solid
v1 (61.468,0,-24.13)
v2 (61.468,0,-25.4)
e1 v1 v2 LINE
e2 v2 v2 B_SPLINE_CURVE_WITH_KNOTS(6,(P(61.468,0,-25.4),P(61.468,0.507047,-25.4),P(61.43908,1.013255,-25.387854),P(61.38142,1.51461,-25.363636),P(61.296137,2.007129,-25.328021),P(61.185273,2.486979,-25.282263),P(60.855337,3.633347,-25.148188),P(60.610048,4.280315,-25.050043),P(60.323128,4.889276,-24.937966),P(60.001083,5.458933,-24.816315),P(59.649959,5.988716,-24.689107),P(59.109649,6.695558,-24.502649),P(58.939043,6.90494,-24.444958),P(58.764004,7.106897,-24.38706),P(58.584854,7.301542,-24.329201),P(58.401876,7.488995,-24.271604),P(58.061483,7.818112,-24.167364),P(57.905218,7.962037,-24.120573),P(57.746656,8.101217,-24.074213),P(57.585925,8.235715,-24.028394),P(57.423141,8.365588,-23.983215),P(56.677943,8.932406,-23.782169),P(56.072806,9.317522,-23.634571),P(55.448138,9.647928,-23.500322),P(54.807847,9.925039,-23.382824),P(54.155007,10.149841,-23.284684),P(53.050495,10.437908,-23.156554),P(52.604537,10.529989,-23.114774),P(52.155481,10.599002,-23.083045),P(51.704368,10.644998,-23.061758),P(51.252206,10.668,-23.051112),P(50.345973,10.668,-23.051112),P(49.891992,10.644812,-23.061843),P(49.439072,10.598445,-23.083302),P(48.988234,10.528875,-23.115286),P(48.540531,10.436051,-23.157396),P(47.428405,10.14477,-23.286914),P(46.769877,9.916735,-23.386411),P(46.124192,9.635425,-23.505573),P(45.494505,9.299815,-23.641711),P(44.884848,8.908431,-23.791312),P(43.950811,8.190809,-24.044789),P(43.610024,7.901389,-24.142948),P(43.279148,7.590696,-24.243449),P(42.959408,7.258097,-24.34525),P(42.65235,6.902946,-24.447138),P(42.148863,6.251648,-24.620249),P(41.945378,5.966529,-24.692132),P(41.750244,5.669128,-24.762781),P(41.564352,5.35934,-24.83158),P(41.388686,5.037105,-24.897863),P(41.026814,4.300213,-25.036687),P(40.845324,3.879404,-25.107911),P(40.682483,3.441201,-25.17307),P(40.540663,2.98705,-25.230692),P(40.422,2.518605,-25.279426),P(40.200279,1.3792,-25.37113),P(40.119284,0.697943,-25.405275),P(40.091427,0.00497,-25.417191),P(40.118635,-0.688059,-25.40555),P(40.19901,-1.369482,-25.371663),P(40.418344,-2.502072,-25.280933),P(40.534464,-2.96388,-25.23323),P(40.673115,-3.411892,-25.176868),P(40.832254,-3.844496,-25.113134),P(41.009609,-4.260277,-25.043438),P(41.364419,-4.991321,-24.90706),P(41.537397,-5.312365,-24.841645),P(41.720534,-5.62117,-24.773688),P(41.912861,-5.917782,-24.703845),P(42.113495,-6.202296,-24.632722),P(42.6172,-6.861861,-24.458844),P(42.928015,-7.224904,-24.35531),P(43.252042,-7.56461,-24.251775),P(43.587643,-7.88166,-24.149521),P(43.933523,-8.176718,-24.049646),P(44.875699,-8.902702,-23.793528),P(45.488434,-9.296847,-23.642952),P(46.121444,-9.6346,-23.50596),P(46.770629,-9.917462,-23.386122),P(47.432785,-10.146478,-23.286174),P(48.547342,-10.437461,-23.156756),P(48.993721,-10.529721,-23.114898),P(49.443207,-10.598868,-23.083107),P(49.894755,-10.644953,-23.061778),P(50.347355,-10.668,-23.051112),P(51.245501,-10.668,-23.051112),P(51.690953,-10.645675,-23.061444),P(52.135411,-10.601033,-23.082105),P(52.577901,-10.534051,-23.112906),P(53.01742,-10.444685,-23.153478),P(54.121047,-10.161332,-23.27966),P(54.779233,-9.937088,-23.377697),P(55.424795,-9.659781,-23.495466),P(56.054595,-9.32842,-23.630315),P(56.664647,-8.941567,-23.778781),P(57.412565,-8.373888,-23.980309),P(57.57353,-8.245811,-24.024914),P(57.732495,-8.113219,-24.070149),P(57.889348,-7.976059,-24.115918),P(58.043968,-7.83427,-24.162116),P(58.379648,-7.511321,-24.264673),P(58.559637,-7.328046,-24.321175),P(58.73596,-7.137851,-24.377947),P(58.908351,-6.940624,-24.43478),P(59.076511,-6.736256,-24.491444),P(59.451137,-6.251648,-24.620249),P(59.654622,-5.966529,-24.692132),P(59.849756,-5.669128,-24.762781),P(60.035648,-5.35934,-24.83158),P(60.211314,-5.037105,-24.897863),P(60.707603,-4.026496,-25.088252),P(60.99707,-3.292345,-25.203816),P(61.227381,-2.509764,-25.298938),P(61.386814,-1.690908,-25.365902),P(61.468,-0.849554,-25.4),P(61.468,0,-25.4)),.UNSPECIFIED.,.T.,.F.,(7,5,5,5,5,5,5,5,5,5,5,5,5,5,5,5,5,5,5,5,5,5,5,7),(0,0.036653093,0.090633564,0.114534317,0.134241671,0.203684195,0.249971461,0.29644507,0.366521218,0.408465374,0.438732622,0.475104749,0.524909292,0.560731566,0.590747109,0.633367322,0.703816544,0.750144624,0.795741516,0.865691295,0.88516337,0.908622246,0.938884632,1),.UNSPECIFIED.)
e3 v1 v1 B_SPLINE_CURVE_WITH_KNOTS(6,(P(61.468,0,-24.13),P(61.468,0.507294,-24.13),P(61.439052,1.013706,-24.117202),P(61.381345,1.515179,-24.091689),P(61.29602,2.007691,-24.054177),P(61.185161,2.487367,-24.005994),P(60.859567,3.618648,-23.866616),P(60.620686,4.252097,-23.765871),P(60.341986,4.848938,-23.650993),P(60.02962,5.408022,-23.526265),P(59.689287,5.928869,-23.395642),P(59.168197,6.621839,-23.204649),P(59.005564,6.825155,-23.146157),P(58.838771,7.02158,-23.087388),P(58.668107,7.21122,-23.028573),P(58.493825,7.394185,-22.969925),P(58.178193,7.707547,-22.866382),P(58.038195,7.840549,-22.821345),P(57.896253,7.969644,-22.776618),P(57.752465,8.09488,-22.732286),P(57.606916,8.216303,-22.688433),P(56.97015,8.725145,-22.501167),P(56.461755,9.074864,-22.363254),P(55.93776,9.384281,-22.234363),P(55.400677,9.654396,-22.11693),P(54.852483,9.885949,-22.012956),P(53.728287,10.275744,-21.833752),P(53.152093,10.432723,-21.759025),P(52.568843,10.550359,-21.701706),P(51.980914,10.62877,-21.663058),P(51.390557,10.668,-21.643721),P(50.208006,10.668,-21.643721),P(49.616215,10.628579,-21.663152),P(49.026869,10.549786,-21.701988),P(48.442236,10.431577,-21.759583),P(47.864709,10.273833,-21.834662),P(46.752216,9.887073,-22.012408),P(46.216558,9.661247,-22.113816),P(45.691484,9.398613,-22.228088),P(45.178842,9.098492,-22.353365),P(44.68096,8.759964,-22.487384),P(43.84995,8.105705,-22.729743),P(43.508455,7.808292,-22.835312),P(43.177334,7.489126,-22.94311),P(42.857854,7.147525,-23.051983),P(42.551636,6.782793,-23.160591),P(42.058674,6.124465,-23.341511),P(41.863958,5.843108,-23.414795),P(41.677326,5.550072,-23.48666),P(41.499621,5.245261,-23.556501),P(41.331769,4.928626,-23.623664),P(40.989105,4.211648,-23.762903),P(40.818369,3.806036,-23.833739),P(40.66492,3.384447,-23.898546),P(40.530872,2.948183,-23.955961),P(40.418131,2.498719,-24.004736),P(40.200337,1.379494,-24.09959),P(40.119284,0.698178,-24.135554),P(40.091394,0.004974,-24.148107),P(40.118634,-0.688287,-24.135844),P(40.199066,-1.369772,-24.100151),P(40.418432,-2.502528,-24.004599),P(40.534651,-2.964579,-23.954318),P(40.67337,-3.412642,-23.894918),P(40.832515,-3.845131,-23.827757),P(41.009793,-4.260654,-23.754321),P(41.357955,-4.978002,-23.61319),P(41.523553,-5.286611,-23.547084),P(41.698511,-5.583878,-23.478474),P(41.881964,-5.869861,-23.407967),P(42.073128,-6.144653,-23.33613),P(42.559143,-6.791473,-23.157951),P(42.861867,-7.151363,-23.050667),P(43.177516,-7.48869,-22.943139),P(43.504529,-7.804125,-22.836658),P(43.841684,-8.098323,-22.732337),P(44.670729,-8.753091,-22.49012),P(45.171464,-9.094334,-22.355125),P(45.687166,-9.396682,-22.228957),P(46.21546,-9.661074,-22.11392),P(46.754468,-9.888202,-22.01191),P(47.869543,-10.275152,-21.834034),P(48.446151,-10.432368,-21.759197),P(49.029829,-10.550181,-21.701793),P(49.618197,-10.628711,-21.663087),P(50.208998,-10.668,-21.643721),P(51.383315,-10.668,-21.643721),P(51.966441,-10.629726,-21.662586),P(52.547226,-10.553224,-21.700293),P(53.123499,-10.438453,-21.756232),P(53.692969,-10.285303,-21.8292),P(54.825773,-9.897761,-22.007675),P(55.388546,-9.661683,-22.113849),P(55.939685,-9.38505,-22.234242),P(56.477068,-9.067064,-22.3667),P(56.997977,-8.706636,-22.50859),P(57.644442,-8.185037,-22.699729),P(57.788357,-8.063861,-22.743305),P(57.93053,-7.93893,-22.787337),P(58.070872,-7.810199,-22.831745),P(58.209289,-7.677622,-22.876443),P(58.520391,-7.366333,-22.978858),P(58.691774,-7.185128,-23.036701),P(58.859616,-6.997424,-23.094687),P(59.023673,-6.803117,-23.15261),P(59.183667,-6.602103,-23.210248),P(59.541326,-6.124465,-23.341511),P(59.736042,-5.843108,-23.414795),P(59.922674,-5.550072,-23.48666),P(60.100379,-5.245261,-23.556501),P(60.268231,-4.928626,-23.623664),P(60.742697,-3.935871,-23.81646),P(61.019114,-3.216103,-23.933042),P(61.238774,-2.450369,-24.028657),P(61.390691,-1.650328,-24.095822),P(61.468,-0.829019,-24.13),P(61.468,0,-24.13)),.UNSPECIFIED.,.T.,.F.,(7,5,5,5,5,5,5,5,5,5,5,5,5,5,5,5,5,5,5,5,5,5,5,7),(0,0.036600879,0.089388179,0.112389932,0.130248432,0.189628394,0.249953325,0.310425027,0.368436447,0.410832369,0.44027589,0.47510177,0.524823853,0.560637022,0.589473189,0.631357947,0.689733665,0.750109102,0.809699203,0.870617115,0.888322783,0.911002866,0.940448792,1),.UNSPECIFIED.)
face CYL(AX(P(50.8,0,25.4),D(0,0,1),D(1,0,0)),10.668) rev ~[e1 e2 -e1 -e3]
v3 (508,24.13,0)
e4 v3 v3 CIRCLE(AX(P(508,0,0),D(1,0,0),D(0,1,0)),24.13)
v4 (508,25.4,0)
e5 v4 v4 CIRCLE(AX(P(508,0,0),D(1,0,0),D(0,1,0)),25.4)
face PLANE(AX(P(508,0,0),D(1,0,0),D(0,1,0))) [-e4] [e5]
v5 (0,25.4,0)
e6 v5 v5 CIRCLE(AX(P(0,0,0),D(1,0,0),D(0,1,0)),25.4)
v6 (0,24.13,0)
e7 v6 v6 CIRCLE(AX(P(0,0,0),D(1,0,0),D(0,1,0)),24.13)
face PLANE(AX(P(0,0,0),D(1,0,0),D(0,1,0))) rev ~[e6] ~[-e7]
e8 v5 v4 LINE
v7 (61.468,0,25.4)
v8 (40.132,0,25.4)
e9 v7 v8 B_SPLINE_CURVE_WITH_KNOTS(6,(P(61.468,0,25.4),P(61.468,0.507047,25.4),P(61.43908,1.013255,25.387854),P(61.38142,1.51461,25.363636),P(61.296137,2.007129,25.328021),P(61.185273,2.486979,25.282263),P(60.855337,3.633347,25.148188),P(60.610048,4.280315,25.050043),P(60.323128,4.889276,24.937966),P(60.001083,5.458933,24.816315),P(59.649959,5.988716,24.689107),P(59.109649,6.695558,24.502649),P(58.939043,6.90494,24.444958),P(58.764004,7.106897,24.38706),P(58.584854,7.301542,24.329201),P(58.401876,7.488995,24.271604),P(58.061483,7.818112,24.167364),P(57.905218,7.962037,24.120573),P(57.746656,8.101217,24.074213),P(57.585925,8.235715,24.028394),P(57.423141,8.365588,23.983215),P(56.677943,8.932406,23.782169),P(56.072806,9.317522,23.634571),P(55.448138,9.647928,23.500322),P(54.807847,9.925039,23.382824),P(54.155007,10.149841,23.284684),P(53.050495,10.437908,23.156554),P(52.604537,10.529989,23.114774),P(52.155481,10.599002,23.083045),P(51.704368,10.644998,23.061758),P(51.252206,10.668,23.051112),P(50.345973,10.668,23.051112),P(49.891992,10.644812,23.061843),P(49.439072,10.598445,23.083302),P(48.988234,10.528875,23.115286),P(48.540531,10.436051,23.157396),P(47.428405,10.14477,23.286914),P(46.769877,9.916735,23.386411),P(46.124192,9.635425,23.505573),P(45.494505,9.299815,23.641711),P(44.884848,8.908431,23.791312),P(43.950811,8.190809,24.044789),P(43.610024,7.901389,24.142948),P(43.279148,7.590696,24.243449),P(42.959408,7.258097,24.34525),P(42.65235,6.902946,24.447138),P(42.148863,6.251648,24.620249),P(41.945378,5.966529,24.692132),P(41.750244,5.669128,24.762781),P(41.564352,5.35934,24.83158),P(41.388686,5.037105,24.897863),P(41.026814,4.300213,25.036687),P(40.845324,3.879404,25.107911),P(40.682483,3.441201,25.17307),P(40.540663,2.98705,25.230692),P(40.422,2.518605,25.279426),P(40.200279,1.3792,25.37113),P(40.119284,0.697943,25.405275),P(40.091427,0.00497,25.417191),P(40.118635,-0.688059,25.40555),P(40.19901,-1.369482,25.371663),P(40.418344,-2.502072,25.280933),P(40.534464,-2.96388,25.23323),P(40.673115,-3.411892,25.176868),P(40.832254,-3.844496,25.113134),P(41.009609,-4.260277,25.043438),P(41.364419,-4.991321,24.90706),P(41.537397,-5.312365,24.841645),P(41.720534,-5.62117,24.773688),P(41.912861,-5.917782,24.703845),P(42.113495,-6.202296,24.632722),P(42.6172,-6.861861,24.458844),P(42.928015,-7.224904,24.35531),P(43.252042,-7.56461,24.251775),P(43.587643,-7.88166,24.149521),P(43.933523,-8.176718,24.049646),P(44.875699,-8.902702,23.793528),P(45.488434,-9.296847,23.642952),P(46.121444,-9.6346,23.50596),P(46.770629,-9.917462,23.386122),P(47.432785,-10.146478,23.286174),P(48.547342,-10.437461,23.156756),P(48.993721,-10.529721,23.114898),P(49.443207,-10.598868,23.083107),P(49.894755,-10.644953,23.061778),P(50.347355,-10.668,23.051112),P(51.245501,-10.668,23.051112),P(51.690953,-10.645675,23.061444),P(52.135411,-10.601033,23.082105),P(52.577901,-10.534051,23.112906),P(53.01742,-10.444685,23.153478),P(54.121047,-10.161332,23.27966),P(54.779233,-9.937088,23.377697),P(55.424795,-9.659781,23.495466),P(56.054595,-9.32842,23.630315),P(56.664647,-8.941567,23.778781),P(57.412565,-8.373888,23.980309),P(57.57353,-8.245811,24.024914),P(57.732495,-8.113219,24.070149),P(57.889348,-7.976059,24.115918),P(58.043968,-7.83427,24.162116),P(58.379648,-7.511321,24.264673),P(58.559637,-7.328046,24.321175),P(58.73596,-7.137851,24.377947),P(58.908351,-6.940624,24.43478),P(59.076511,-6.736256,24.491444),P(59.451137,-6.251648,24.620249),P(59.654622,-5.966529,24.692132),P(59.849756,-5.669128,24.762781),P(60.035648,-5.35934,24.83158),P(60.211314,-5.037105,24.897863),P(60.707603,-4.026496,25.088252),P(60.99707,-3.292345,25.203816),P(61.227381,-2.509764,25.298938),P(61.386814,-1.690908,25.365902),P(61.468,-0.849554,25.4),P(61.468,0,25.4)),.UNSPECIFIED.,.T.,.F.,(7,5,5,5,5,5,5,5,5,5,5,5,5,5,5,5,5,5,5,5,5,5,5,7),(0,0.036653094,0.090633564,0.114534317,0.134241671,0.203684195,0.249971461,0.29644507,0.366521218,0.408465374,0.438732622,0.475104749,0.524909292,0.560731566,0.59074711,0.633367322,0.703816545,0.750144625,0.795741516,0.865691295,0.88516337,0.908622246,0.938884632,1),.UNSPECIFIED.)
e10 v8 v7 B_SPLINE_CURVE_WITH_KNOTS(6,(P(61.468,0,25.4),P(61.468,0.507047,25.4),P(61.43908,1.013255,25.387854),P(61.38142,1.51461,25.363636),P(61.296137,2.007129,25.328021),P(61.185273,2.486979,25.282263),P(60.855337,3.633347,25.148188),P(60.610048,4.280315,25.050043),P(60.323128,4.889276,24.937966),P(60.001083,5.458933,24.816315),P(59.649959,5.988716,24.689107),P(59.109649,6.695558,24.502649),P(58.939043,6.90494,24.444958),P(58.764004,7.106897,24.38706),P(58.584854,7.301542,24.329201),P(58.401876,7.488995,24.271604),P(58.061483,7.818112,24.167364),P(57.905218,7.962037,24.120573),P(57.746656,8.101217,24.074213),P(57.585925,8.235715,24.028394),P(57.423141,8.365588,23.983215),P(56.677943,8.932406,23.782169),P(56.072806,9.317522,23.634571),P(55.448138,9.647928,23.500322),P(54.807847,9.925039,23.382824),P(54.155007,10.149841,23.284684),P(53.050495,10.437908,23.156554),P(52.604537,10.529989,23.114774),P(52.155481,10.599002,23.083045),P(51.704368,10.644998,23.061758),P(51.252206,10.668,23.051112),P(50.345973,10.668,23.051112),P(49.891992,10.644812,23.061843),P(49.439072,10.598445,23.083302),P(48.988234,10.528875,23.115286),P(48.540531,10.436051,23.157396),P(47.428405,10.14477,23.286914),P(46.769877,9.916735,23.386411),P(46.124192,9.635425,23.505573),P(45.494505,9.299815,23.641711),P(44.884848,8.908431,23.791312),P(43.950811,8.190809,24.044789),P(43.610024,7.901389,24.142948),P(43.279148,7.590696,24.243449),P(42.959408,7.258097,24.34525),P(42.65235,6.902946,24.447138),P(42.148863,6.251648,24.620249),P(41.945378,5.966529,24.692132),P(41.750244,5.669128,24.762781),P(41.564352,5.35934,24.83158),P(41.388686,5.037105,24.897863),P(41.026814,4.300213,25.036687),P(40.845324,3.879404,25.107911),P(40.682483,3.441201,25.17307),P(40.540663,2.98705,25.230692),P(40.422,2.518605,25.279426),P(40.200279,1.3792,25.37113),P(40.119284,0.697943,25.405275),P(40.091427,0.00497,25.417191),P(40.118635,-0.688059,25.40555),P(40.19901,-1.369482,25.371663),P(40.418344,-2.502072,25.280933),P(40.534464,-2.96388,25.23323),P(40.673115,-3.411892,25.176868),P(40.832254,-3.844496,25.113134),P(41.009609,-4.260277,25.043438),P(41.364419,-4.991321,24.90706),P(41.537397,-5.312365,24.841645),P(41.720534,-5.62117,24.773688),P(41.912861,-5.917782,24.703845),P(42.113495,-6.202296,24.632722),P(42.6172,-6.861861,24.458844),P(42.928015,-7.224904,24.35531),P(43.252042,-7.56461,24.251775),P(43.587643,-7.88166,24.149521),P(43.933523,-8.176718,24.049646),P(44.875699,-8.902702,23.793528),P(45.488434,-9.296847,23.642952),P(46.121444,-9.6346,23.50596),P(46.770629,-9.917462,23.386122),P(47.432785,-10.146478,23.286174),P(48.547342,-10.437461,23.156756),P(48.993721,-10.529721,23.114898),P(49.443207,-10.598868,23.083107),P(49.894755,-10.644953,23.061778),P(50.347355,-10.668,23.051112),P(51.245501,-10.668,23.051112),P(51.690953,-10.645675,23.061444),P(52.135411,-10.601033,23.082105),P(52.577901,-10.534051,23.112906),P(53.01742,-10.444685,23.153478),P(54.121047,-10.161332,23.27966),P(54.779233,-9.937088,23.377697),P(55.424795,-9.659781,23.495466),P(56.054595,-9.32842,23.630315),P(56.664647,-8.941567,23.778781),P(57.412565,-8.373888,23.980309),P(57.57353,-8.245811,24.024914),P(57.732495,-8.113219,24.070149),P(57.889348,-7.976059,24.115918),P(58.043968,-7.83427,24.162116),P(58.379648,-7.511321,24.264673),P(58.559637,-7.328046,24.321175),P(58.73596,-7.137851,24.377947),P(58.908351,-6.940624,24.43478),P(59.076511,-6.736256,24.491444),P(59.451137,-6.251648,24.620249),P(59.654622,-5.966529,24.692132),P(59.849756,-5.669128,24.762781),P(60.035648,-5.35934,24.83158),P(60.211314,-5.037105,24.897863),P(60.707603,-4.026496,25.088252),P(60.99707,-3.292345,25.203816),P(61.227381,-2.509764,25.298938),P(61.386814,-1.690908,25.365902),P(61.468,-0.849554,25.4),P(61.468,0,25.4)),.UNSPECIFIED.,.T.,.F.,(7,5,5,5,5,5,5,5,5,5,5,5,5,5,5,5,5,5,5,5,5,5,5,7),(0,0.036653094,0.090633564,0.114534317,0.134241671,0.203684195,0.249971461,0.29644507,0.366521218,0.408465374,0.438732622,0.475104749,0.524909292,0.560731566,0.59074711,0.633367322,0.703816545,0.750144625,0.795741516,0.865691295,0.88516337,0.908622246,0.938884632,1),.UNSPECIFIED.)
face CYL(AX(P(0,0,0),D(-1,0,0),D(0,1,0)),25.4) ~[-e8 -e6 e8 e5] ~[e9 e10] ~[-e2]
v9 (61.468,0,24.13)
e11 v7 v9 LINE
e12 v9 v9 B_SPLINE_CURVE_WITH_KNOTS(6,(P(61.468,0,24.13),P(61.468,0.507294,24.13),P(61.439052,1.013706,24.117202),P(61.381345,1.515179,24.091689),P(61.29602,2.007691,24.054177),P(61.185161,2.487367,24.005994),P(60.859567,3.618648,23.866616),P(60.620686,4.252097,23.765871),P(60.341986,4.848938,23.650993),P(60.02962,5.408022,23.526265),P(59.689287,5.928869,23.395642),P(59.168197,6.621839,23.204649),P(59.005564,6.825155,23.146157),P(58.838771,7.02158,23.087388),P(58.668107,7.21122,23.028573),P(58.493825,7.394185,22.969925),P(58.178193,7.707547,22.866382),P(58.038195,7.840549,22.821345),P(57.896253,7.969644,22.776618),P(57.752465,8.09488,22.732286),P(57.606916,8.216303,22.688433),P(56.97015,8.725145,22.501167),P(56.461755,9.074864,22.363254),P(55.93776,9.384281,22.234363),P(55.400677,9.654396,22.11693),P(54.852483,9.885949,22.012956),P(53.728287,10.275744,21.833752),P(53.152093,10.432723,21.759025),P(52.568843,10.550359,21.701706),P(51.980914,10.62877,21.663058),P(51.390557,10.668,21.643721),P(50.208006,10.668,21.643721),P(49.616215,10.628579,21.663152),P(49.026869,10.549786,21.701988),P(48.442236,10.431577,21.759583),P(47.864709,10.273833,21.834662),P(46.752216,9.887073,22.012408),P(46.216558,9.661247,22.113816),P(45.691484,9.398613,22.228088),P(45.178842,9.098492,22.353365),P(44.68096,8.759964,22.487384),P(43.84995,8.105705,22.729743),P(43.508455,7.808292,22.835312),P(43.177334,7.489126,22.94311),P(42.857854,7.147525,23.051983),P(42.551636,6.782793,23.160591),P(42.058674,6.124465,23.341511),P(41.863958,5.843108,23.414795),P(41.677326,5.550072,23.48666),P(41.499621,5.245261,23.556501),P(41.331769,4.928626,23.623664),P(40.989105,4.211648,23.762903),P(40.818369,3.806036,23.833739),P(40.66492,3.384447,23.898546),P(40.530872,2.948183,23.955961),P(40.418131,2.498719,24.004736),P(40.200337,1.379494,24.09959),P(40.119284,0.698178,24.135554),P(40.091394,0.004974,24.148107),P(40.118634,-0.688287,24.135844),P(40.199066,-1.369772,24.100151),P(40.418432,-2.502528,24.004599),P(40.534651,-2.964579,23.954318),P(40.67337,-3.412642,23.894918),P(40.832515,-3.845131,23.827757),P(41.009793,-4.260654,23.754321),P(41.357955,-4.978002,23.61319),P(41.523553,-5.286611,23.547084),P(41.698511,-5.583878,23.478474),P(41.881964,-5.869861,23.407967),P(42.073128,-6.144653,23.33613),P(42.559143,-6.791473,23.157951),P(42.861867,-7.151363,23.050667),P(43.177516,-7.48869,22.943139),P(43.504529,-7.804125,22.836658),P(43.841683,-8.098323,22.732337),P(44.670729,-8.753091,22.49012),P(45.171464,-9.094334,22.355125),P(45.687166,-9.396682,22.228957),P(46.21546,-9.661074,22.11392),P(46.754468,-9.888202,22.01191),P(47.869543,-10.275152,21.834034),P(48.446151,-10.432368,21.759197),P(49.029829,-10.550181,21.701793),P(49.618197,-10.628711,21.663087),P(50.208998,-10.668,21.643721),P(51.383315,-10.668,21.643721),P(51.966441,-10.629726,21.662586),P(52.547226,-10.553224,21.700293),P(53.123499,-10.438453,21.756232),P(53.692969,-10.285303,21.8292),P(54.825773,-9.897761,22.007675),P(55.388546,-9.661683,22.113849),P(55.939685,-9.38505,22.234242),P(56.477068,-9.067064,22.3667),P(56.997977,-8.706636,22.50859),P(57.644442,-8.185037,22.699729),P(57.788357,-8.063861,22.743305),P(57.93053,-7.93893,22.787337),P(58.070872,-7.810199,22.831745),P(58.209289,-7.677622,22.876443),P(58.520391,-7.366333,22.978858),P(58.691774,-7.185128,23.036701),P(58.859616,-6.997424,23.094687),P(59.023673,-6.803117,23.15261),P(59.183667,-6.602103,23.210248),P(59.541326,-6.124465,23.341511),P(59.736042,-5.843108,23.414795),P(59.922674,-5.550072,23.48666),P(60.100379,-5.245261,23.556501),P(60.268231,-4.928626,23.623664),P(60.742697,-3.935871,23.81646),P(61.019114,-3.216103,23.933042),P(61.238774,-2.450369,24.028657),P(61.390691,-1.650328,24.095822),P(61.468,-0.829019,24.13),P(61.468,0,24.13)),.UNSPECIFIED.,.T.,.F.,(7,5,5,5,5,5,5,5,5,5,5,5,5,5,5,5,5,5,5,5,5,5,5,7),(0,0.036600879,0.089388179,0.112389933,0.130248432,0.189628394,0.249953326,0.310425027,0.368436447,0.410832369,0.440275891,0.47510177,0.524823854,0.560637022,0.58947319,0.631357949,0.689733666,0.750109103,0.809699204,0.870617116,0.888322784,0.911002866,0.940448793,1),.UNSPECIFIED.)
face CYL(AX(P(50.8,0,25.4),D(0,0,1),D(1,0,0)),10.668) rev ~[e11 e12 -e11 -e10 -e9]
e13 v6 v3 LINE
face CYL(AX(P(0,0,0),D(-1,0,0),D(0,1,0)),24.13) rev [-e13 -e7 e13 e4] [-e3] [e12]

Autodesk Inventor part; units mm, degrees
ref_plane "YZ Plane" through (0, 0, 0) normal (1, 0, 0) x (0, 1, 0)
ref_plane "XZ Plane" through (0, 0, 0) normal (0, 1, 0) x (-1, 0, 0)
sketch "Sketch3" plane through (0, 0, 0) normal (1, 0, 0) x (0, 1, 0)
  circle A0 centre (0, 0) radius 24.13
  circle A1 centre (0, 0) radius 25.4
  dimension "d10" = 50.8
  dimension "d11" = 48.26
extrude "Extrusion3" add sketch "Sketch3" along normal blind 508
ref_plane "Work Plane1" through (0, 0, 25.4) normal (0, 0, 1) x (1, 0, 0)
sketch "Sketch5" plane through (0, 0, 25.4) normal (0, 0, 1) x (1, 0, 0)
  circle A0 centre (50.8, 0) radius 10.668
  line L0 (0, 25.4) -> (0, -25.4) projected
  point P0 (0, 0)
  dimension "d25" = 21.336
  dimension "d26" = 50.8
extrude "Extrusion5" cut sketch "Sketch5" against normal through all
equation "\"d10\" = cArmOutsideDiam"
equation "\"d11\" = cArmInsideDiam"
equation "\"d12\" = cArmLength"
equation "\"d25\" = cArmAxelHoleDaim"
equation "\"d26\" = cArmSpacing"
equation "\"catapultArmWallThickness\" = 1.5875"
equation "\"catapultArmWidth\" = 50.8"
equation "\"catapultArmLength\" = 1219.2"
equation "\"cArmAxelHoleDaim\" = 21.336"
equation "\"catapultArmHoleDistanceFromEnd\" = 381"
equation "\"cArmInsideDiam\" = 48.26"
equation "\"cArmOutsideDiam\" = 50.8"
equation "\"cArmLength\" = 508"
equation "\"cArmSpacing\" = 50.8"
properties part number "cArmPVC2inchSchedule1120"
